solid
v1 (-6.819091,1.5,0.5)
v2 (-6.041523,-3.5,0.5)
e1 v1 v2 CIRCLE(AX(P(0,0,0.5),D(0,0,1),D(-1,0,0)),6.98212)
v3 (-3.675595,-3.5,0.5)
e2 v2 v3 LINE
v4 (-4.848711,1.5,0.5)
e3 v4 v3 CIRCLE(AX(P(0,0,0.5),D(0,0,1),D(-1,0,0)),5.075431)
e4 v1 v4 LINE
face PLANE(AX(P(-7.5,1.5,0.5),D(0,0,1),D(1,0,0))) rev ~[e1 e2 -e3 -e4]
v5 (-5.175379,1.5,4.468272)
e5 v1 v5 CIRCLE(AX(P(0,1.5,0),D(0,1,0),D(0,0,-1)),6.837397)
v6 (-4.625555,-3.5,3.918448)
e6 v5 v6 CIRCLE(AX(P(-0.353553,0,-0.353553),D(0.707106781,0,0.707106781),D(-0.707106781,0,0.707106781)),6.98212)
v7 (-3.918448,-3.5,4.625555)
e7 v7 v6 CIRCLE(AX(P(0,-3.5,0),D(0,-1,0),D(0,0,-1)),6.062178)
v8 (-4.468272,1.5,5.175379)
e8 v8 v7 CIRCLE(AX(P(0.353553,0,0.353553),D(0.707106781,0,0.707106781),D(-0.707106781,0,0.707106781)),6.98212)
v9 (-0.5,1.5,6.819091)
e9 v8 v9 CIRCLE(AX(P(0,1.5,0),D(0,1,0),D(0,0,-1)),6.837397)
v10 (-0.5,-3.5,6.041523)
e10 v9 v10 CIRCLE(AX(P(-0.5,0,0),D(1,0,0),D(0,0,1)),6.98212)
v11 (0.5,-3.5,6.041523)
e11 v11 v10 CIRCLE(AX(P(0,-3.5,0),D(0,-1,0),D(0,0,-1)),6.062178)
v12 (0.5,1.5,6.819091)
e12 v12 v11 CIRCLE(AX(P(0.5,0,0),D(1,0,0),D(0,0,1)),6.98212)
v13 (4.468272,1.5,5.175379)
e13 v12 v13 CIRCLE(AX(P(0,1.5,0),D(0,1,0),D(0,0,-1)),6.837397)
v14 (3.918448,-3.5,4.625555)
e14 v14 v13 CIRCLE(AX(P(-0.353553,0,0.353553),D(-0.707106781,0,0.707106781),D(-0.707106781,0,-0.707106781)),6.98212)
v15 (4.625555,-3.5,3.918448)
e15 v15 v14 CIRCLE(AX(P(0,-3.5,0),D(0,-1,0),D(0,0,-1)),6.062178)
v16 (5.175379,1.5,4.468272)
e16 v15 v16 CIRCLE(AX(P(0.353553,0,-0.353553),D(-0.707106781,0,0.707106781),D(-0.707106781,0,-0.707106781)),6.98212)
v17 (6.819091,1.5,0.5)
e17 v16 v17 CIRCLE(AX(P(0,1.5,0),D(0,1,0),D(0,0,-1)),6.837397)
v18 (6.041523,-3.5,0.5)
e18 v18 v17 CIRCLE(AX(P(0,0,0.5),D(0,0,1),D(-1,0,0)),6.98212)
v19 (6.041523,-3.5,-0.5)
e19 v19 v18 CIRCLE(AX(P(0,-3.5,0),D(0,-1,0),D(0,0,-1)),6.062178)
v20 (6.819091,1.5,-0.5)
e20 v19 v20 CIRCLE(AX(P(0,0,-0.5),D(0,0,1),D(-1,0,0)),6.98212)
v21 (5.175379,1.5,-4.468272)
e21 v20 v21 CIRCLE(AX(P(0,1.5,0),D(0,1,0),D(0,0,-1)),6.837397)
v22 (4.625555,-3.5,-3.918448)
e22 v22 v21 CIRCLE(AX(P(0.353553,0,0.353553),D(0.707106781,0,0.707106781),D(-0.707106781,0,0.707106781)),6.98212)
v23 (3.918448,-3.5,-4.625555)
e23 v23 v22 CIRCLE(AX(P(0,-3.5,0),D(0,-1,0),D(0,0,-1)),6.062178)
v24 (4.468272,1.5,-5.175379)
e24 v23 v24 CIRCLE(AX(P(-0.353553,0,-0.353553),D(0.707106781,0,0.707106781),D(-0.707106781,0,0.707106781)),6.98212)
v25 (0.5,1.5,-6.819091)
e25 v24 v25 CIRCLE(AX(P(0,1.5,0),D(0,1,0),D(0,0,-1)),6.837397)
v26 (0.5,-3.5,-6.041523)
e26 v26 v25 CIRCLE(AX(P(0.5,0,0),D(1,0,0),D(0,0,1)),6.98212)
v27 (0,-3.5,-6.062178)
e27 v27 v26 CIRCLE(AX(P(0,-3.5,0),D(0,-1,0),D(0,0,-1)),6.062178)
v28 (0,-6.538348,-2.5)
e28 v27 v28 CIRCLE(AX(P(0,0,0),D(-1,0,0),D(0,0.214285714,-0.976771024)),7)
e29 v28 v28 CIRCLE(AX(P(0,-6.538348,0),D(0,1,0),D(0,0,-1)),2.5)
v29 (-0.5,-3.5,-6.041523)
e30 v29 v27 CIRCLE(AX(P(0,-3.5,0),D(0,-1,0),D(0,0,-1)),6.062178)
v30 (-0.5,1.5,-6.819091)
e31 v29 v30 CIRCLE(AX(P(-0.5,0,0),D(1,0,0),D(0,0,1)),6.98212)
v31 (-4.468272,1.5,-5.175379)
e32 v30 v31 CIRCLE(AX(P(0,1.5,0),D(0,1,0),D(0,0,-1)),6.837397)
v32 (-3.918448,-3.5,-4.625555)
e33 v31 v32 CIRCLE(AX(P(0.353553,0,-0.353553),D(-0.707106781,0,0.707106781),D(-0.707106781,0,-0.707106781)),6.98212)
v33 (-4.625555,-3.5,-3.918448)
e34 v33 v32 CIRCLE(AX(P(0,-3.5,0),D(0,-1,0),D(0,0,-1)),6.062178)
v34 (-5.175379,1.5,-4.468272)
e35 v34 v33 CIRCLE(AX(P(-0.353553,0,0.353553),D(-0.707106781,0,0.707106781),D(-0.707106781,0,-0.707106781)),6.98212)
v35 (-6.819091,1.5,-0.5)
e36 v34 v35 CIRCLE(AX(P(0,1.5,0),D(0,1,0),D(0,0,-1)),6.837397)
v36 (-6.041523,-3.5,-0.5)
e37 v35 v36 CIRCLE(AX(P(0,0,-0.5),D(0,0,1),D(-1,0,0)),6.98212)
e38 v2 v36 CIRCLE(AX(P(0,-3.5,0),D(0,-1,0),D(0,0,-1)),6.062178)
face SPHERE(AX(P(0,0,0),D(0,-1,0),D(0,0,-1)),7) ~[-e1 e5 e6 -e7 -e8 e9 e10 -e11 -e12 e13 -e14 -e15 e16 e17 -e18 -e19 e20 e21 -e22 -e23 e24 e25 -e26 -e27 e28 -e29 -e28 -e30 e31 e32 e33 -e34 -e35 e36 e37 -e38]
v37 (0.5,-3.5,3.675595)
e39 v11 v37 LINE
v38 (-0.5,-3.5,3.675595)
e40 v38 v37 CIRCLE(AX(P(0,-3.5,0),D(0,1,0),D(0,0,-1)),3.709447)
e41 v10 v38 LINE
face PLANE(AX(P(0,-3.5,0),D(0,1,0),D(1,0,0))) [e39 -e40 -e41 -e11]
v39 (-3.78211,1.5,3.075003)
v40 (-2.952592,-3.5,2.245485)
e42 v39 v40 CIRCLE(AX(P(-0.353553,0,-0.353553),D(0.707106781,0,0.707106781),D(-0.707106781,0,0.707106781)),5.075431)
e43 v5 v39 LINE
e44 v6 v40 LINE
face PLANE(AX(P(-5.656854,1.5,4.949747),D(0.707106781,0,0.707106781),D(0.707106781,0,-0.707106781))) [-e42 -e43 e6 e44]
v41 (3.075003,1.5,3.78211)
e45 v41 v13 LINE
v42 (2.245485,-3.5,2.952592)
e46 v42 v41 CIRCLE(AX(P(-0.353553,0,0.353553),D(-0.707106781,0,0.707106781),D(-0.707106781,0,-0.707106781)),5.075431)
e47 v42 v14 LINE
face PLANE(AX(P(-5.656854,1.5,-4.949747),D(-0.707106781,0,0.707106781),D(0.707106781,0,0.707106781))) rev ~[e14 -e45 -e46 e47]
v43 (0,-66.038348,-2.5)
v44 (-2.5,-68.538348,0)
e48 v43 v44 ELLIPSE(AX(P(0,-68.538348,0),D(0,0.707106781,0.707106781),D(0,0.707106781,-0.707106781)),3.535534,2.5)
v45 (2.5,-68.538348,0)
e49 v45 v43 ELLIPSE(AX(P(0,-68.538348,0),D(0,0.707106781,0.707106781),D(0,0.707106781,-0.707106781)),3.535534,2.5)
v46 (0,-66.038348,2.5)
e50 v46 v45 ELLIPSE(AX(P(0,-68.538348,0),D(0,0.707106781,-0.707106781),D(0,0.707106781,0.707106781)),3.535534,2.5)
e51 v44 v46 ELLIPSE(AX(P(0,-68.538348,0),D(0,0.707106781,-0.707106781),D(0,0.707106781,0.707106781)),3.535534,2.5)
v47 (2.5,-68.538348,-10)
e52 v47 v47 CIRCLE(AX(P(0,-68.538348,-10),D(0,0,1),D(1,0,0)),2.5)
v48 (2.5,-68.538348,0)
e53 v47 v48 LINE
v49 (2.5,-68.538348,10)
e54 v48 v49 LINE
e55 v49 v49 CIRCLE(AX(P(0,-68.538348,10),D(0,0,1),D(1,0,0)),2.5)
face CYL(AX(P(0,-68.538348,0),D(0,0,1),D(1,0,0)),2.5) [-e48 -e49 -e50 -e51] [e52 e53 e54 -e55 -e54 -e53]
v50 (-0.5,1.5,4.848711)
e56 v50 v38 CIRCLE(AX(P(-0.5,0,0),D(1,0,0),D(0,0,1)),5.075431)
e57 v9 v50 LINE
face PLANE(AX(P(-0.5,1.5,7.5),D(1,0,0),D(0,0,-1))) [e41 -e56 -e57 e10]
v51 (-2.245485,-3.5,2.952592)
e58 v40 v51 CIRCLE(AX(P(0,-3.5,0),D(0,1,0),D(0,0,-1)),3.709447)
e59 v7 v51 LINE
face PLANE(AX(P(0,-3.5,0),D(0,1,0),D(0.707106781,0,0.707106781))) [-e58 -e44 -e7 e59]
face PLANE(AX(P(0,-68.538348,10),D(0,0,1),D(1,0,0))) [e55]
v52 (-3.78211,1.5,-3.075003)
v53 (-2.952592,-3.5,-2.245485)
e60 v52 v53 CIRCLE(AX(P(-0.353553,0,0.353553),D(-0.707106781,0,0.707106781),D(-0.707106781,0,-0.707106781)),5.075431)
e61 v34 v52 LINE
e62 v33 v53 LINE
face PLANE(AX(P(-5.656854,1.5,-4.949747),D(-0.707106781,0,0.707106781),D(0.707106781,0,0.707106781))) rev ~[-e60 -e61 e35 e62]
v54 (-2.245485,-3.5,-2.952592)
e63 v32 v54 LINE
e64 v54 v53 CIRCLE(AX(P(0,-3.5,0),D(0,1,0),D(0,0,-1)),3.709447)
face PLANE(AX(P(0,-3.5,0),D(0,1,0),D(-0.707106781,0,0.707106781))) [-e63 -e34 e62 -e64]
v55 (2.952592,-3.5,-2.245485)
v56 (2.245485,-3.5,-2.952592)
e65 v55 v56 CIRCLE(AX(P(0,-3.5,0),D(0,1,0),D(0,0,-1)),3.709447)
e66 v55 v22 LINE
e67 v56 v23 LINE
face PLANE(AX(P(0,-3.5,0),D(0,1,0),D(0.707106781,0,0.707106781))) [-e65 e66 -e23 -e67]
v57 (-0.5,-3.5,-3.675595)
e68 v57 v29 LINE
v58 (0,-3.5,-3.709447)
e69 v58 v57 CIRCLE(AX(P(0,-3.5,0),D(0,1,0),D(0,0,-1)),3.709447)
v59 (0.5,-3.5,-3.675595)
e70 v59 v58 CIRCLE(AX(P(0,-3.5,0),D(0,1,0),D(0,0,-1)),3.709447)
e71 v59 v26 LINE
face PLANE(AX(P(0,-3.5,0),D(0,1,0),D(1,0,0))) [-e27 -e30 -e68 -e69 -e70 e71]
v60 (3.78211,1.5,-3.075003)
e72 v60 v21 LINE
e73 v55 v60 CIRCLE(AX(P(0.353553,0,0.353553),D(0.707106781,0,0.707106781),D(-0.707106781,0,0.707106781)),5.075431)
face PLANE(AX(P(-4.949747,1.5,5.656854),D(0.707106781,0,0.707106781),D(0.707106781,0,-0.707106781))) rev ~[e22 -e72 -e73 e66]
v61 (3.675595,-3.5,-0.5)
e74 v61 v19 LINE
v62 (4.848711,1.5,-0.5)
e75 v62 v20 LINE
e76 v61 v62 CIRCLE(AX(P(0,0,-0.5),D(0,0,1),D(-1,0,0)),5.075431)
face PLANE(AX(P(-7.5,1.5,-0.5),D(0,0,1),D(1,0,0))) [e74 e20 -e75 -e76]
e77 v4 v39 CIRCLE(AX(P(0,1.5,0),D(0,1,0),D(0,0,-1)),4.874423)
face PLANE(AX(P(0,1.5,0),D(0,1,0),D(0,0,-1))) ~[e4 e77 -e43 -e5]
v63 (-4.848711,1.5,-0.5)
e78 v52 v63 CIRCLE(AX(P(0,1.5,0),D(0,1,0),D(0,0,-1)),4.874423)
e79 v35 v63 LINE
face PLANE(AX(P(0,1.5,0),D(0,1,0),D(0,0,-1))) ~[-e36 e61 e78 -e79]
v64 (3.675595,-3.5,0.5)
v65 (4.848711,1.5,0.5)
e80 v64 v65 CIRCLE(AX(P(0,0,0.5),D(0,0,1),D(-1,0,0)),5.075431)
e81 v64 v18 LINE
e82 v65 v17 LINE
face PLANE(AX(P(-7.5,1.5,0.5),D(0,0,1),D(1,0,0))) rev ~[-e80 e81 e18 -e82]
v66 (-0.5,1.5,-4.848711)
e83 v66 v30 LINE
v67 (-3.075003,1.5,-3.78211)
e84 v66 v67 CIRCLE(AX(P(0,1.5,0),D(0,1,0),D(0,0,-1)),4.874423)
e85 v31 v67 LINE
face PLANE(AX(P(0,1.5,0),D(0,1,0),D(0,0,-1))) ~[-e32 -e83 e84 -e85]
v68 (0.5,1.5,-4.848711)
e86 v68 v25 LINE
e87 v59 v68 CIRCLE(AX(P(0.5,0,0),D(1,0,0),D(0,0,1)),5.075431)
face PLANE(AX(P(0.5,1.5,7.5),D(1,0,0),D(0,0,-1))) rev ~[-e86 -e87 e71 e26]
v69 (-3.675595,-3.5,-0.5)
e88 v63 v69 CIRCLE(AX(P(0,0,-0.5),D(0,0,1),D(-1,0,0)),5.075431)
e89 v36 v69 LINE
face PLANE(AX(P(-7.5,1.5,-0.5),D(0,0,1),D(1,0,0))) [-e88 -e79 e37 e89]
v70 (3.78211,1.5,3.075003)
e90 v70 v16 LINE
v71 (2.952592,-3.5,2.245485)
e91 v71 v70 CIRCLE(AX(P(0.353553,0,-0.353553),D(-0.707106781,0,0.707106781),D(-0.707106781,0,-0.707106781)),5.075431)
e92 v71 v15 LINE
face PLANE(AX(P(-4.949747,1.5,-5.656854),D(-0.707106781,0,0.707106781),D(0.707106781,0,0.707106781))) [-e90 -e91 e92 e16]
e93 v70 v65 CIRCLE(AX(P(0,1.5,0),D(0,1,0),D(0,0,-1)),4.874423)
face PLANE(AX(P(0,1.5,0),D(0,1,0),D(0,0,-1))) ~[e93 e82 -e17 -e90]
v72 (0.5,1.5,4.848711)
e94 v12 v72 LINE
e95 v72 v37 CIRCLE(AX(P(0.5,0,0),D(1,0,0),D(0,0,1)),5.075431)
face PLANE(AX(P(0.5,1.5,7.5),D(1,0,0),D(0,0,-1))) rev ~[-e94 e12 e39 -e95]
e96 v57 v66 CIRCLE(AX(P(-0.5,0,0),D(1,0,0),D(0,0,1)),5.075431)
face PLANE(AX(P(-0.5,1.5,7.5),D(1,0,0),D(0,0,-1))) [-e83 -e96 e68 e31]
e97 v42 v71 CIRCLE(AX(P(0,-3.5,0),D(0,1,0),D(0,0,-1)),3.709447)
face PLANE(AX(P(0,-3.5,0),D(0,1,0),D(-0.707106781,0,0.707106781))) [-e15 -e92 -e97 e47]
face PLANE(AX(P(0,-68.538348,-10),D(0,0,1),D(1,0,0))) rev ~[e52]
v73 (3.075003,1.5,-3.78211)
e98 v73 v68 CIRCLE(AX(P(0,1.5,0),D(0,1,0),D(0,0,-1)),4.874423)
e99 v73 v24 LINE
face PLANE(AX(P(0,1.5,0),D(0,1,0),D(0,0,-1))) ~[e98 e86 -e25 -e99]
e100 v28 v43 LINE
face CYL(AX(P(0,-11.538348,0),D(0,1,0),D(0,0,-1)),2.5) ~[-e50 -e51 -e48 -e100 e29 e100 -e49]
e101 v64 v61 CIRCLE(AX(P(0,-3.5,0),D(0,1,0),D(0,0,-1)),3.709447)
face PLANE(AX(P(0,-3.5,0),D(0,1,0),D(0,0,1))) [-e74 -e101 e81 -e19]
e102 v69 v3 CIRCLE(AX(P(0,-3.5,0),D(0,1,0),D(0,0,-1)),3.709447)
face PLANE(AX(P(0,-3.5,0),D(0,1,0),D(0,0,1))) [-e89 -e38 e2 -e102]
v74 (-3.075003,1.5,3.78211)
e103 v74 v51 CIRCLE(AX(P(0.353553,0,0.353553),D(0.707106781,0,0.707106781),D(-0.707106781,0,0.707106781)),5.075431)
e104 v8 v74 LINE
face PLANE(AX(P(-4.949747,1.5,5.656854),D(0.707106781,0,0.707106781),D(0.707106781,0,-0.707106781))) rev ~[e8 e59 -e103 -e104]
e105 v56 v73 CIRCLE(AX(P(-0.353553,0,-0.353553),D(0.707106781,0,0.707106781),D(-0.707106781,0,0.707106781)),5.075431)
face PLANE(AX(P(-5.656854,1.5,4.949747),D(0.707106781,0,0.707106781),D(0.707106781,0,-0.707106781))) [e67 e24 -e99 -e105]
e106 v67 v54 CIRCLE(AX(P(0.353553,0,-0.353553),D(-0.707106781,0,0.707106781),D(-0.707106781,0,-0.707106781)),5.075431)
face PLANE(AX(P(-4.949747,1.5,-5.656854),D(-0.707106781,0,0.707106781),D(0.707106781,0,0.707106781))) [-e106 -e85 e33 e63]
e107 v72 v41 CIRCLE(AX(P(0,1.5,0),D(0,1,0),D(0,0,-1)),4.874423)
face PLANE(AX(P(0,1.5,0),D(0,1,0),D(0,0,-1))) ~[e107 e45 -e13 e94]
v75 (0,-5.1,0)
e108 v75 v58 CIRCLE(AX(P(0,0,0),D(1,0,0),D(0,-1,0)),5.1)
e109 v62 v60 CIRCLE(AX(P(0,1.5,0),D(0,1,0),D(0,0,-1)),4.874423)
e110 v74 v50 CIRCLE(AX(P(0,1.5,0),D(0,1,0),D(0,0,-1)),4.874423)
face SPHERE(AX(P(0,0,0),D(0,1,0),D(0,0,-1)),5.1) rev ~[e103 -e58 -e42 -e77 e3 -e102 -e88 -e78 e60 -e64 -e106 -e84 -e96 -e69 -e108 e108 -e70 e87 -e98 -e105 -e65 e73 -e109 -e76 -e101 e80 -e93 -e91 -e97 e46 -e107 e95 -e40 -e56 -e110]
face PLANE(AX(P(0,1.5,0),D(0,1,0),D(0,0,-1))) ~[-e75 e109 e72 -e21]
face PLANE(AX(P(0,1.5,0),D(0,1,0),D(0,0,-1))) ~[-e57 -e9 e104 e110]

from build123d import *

# Parameters (mm, degrees)
ESQUISSE4_W                  = 1
ESQUISSE4_H                  = 15
ENL_V_MAT_EXTRU_2_DEPTH      = 5
R_P_TITION_CIRCULAIRE1_COUNT = 4
R_P_TITION_CIRCULAIRE1_ANGLE = 135
ESQUISSE5_R                  = 2.5
BOSS_EXTRU_1_DEPTH           = 57
ESQUISSE6_R                  = 2.5
BOSS_EXTRU_2_DEPTH           = 10


with BuildPart() as part:
    # Esquisse1 → R_volution1 (revolve)
    with BuildSketch(Plane.XY, mode=Mode.PRIVATE) as r_volution1_sk:
        with BuildLine():
            Line((-4.874423043, 1.5), (-6.837397166, 1.5))
            ThreePointArc((-6.837397166, 1.5), (-6.160398345, -3.324077651), (-2.5, -6.538348415))
            Line((-2.5, -6.538348415), (-2.5, -11.538348415))
            Line((-2.5, -11.538348415), (0, -11.538348415))
            Line((0, -11.538348415), (0, -5.1))
            ThreePointArc((0, -5.1), (-4.102438299, -3.029851482), (-4.874423043, 1.5))
        make_face()
    revolve(r_volution1_sk.sketch.rotate(Axis((0, -11.538348415, 0), (0, 1, 0)), 270), axis=Axis((0, -11.538348415, 0), (0, 1, 0)))  # turned: the seam where the file's is

    # Esquisse4 → Enl_v. mat.-Extru.2 (cut)
    with BuildSketch(Plane(origin=(0, 1.5, 0), x_dir=(1, 0, 0), z_dir=(0, 1, 0))):
        Rectangle(ESQUISSE4_W, ESQUISSE4_H)
    enl_v_mat_extru_2 = extrude(amount=-ENL_V_MAT_EXTRU_2_DEPTH, mode=Mode.SUBTRACT)

    # R_p_tition circulaire1: Enl_v. mat.-Extru.2 ×4 about axis
    r_p_tition_circulaire1_axis = Axis((0, 0, 0), (0, -1, 0))
    for i in range(1, R_P_TITION_CIRCULAIRE1_COUNT):
        add(enl_v_mat_extru_2.rotate(r_p_tition_circulaire1_axis, i * R_P_TITION_CIRCULAIRE1_ANGLE / (R_P_TITION_CIRCULAIRE1_COUNT - 1)), mode=Mode.SUBTRACT)

    # Esquisse5 → Boss.-Extru.1 (add)
    with BuildSketch(Plane.XZ.offset(11.538348415)):
        with Locations(Location((0, 0, 0), (0, 0, 270))):  # turned: the seam where the file's is
            Circle(ESQUISSE5_R)
    extrude(amount=BOSS_EXTRU_1_DEPTH)

    # Esquisse6 → Boss.-Extru.2 (add, symmetric)
    with BuildSketch(Plane.XY):
        with Locations((0, -68.538348415)):
            Circle(ESQUISSE6_R)
    extrude(amount=BOSS_EXTRU_2_DEPTH, both=True)


solid = part.part
